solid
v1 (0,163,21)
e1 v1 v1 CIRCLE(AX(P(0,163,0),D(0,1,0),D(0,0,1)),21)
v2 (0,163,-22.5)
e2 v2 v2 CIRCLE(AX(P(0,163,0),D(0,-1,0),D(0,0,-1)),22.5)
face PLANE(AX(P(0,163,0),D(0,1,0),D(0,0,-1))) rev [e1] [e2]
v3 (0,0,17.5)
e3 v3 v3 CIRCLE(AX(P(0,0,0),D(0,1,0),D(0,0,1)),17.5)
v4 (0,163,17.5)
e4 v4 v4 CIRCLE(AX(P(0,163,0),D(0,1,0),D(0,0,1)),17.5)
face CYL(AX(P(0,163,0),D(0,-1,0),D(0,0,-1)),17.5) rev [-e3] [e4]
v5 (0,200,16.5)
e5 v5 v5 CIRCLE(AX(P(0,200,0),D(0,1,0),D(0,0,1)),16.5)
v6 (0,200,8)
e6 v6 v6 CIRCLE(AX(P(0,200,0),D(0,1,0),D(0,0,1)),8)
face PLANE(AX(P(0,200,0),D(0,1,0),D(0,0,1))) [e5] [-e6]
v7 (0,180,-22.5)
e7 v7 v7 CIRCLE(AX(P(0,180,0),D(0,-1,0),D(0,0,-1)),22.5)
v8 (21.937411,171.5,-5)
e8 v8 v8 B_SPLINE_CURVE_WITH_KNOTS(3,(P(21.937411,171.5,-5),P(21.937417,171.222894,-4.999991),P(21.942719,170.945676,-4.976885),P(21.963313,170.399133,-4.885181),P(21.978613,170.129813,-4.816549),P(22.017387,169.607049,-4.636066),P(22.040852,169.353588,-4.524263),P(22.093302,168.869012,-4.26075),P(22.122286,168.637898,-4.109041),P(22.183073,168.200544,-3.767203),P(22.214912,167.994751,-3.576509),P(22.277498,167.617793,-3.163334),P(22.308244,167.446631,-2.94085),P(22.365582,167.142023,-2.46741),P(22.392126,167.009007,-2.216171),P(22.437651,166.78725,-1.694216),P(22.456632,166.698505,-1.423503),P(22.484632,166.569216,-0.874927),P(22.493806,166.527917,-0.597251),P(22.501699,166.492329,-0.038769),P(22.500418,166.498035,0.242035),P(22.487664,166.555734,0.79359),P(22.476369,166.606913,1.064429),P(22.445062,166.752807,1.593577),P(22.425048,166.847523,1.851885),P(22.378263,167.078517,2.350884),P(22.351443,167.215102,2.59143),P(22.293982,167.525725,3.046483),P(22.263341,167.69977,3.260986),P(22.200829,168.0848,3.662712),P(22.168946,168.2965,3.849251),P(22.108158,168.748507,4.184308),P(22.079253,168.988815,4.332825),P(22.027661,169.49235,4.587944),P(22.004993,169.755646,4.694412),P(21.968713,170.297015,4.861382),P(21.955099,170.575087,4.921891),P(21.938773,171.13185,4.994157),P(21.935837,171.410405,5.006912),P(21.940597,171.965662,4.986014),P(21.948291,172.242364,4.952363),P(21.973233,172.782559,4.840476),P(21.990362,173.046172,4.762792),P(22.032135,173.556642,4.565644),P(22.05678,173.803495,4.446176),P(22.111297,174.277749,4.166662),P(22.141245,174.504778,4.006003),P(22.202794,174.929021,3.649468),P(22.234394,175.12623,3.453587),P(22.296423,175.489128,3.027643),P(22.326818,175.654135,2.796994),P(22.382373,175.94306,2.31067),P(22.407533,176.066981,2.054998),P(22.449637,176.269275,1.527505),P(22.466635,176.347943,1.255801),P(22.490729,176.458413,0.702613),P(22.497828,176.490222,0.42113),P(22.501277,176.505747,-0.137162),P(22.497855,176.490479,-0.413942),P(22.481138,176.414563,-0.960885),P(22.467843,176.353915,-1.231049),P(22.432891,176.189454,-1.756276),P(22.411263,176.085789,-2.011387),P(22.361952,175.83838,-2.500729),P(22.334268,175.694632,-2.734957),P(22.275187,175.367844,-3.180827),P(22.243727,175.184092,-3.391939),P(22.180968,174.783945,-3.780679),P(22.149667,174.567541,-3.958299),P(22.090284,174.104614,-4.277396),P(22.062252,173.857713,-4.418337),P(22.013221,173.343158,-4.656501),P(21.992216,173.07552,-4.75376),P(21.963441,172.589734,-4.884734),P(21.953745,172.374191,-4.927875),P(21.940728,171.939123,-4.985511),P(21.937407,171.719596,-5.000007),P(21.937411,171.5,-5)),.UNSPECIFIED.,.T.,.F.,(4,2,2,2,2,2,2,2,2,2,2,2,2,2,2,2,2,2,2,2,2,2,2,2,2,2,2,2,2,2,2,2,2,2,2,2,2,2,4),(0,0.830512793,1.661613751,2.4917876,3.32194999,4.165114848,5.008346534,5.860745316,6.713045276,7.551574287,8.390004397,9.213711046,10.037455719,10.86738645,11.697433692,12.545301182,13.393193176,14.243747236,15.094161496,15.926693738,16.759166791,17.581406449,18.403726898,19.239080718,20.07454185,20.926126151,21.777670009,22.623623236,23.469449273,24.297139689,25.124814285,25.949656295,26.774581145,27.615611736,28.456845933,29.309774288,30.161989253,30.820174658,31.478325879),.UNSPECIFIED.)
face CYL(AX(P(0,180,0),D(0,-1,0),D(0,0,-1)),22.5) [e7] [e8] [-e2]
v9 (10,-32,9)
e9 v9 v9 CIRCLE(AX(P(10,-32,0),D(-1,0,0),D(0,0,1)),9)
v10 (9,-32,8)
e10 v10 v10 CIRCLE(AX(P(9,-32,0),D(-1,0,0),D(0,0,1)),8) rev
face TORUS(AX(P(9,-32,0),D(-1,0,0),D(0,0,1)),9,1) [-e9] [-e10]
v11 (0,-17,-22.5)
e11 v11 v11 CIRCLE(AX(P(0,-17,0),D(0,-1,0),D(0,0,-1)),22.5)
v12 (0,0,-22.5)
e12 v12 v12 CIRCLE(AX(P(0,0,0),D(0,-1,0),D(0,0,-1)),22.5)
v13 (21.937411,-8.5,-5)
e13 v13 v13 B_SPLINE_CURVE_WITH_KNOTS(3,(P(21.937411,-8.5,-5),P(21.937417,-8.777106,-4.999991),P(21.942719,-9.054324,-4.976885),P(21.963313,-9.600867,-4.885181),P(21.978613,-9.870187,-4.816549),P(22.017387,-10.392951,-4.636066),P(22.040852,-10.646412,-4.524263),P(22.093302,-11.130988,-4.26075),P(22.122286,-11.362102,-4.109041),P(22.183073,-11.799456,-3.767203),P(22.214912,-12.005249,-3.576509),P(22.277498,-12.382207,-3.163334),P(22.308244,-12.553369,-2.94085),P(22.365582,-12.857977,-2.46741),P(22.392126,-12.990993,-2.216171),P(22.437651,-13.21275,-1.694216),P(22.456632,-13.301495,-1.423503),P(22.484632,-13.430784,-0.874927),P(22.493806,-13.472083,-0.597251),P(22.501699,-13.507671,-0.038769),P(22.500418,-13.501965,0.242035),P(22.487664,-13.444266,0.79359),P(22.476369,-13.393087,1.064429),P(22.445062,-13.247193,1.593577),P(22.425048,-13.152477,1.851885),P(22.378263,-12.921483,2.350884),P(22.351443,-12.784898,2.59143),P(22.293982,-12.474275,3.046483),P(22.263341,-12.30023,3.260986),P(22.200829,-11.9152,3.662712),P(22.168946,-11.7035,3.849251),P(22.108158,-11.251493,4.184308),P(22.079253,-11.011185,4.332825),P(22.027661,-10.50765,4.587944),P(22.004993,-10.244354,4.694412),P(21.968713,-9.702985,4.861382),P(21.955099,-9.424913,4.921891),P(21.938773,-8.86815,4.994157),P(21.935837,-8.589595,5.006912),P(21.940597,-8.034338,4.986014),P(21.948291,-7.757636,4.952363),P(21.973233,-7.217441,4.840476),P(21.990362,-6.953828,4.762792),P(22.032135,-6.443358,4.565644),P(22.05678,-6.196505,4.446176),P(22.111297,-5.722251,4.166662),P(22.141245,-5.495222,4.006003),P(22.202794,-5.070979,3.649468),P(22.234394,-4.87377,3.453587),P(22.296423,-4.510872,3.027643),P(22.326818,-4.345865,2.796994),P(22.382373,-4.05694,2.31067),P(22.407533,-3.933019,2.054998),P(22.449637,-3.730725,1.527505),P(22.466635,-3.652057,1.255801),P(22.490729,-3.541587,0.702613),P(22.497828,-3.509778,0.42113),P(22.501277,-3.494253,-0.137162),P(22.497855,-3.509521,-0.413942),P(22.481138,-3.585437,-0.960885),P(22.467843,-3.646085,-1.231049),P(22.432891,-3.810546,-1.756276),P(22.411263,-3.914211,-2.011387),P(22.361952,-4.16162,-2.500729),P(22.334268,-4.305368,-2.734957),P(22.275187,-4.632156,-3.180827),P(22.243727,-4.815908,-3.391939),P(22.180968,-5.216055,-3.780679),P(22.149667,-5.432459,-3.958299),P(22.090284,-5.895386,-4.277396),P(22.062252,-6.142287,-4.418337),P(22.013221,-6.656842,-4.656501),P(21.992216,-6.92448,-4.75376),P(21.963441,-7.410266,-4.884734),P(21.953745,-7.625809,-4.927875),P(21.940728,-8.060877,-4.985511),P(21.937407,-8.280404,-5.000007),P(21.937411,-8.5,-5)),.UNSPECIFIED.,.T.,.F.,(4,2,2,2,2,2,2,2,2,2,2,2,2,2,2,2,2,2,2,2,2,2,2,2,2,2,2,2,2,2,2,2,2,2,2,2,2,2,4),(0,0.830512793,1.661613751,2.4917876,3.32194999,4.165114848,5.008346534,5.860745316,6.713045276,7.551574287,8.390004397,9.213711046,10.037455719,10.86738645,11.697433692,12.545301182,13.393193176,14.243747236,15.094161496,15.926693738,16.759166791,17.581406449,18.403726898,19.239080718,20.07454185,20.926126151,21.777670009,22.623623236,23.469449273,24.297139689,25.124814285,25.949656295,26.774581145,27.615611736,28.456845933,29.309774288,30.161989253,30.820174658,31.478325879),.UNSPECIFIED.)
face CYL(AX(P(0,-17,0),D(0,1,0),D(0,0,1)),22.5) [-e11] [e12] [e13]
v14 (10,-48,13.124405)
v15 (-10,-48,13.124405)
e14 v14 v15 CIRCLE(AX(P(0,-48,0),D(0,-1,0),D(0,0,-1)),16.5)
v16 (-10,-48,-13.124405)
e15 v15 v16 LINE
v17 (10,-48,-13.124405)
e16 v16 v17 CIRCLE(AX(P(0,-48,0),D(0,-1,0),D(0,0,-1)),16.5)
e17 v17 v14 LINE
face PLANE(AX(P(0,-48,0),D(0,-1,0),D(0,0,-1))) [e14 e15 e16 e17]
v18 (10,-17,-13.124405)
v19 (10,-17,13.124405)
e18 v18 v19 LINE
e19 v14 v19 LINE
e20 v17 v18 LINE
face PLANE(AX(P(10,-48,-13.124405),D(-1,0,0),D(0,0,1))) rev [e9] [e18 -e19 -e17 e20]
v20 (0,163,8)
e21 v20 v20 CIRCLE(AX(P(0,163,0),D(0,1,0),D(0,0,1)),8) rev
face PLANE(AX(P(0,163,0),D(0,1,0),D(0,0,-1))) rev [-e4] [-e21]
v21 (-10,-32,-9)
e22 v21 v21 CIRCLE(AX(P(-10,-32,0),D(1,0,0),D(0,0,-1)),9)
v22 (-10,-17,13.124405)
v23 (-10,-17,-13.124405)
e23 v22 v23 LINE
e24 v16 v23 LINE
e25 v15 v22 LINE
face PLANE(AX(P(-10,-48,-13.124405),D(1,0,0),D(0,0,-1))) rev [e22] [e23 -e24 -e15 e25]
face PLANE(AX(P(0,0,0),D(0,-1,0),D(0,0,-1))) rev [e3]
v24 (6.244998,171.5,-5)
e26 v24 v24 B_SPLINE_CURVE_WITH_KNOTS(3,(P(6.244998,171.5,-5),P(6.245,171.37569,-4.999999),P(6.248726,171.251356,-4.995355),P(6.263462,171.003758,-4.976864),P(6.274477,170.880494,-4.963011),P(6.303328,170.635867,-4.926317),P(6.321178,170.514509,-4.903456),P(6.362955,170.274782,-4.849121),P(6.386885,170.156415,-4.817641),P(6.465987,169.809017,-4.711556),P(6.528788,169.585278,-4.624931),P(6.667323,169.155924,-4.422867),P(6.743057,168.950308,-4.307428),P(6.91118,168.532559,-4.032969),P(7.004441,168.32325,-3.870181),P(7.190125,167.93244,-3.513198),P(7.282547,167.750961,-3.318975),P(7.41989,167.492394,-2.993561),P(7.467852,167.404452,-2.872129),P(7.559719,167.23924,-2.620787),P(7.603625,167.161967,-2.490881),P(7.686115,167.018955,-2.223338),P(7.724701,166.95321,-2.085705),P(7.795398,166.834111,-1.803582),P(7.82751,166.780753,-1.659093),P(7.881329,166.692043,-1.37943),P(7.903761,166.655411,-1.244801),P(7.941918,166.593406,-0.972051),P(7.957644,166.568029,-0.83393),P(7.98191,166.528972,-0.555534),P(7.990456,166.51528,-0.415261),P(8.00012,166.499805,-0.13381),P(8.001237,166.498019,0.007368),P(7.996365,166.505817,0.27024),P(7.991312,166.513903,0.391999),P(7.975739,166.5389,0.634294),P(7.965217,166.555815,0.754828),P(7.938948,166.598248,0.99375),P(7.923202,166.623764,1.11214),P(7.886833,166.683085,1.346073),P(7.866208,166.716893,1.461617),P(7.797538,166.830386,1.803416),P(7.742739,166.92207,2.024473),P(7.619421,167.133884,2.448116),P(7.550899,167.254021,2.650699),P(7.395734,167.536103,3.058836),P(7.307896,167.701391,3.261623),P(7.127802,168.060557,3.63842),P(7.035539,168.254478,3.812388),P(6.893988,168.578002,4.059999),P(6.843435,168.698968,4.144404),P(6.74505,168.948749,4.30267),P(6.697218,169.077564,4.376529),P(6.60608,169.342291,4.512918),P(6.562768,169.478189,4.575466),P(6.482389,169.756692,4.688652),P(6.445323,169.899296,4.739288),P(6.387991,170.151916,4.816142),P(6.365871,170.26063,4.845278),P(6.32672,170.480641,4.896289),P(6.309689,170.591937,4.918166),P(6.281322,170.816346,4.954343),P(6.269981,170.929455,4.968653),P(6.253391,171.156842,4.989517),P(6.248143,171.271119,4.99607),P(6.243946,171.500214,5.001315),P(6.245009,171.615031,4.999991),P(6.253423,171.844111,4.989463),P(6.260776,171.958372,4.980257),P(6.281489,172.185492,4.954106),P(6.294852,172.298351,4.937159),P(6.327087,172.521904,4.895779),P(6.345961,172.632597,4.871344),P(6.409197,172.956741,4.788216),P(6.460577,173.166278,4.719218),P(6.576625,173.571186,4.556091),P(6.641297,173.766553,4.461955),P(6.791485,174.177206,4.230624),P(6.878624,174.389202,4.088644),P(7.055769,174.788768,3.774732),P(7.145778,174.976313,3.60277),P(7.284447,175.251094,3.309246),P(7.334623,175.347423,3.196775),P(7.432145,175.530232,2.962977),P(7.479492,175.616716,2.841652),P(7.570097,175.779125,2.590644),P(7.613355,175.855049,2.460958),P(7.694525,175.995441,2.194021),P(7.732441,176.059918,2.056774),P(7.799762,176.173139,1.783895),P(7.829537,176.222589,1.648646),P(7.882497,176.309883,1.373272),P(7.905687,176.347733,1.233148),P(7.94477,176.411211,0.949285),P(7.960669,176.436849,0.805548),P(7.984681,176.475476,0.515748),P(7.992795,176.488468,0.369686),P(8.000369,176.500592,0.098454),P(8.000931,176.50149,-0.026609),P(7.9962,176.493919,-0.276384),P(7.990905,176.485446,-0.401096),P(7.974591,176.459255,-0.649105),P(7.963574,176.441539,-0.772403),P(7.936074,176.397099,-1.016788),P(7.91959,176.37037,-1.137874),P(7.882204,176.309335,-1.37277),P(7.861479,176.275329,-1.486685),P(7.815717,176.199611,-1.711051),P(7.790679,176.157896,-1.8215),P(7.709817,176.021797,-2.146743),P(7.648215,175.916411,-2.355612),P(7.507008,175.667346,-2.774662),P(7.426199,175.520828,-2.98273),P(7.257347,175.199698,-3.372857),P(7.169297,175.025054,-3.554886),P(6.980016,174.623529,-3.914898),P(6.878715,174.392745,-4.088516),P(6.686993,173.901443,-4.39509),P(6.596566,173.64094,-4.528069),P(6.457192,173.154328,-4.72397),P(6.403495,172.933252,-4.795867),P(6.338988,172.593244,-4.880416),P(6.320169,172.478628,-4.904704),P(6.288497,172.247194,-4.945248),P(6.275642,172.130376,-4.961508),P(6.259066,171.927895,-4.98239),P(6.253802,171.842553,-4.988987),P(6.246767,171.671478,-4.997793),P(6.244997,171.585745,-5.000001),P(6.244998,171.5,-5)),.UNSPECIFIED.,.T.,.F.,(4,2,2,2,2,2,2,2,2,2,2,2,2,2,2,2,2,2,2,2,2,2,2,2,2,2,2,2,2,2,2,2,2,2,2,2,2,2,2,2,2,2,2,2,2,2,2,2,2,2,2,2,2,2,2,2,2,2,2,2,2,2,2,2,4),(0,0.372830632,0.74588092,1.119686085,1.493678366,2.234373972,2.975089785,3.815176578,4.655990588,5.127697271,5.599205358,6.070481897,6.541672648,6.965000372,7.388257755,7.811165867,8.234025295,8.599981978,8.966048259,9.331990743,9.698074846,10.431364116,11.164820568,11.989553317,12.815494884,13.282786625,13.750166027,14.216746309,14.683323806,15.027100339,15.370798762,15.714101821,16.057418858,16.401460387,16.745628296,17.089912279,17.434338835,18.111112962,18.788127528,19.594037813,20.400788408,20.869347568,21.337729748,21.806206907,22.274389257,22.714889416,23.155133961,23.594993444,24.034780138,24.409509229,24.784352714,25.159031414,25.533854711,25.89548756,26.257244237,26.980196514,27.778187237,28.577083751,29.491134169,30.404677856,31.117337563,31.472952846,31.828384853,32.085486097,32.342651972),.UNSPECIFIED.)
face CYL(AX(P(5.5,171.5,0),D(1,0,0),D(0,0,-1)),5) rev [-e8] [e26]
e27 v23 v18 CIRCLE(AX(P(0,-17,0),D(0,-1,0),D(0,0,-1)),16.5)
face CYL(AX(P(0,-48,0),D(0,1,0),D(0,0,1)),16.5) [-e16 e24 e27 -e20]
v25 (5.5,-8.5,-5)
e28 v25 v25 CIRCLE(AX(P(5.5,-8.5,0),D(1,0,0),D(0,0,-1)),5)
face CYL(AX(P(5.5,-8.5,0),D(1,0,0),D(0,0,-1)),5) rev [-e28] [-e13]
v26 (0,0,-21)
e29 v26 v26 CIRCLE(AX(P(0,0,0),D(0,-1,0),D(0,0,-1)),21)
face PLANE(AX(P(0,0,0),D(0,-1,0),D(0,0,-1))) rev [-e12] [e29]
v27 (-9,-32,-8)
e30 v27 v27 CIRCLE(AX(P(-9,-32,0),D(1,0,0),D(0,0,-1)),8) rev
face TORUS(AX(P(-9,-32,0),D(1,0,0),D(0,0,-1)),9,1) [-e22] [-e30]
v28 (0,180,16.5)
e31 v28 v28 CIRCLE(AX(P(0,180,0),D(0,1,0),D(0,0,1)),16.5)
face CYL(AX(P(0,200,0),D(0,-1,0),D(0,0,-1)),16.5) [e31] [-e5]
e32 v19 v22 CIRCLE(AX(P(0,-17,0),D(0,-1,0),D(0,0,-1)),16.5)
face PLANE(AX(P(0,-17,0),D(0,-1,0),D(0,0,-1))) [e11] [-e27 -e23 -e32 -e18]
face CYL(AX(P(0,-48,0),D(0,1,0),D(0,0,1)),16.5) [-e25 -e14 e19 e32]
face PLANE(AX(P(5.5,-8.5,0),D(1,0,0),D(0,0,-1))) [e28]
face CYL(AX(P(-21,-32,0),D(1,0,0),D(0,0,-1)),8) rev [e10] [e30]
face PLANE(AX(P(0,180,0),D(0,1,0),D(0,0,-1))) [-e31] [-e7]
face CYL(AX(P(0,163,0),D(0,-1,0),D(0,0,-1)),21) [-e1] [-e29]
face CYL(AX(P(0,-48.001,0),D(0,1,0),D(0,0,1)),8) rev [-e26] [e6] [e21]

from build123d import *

# Parameters (mm, degrees)
SKETCH_1_R          = 21
SKETCH_1_R_2        = 17.5
EXTRUDE_1_DEPTH     = 163
SKETCH_2_R          = 22.5
EXTRUDE_2_DEPTH     = 17
SKETCH_4_R          = 5
CUT_EXTRUDE_3_DEPTH = 17
EXTRUDE_4_DEPTH     = 31
SKETCH_6_R          = 8
CUT_EXTRUDE_5_DEPTH = 31
FILLET_1_R          = 1
EXTRUDE_START       = 20
SKETCH_7_R          = 16.5
EXTRUDE_6_DEPTH     = 20
CUT_EXTRUDE_9_REACH = 252.033
SKETCH_8_R          = 8


with BuildPart() as part:
    # 草图1 → 拉伸1 (new body)
    with BuildSketch(Plane(origin=(0, 0, 0), x_dir=(1, 0, 0), z_dir=(0, 1, 0))):
        with Locations(Location((0, 0, 0), (0, 0, 270))):
            Circle(SKETCH_1_R)
        with Locations(Location((0, 0, 0), (0, 0, 270))):
            Circle(SKETCH_1_R_2, mode=Mode.SUBTRACT)
    extrude(amount=EXTRUDE_1_DEPTH)

    # 草图2 → 拉伸2 (add)
    with BuildSketch(Plane.XZ):
        with Locations(Location((0, 0, 0), (0, 0, 270))):
            Circle(SKETCH_2_R)
    extrude_2 = extrude(amount=EXTRUDE_2_DEPTH)

    # 草图4 → 拉伸3 (cut)
    with BuildSketch(Plane(origin=(22.5, 0, 0), x_dir=(0, 0, -1), z_dir=(1, 0, 0))):
        with Locations((0, -8.5)):
            Circle(SKETCH_4_R)
    cut_extrude_3 = extrude(amount=-CUT_EXTRUDE_3_DEPTH, mode=Mode.SUBTRACT)

    # 镜向1: 拉伸2, 拉伸3 across plane
    add(extrude_2.mirror(Plane.ZX.offset(81.5)))
    add(cut_extrude_3.mirror(Plane.ZX.offset(81.5)), mode=Mode.SUBTRACT)

    # 草图5 → 拉伸4 (add)
    with BuildSketch(Plane.XZ.offset(17)):
        with BuildLine():
            Line((10, -13.124404748), (10, 13.124404748))
            ThreePointArc((10, 13.124404748), (0, 16.5), (-10, 13.124404748))
            Line((-10, 13.124404748), (-10, -13.124404748))
            ThreePointArc((-10, -13.124404748), (0, -16.5), (10, -13.124404748))
        make_face()
    extrude(amount=EXTRUDE_4_DEPTH)

    # 草图6 → 拉伸5 (cut)
    with BuildSketch(Plane(origin=(10, 0, 0), x_dir=(0, 0, -1), z_dir=(1, 0, 0))):
        with Locations((0, -32)):
            Circle(SKETCH_6_R)
    extrude(amount=-CUT_EXTRUDE_5_DEPTH, mode=Mode.SUBTRACT)

    # 圆角1
    fillet_1_edges = [part.edges().sort_by_distance(p)[0] for p in [
        (-10, -32, 8),
        (10, -32, 8),
    ]]
    fillet(fillet_1_edges, radius=FILLET_1_R)

    # 草图7 → 拉伸6 (add)
    with BuildSketch(Plane(origin=(0, 180, 0), x_dir=(1, 0, 0), z_dir=(0, 1, 0)).offset(EXTRUDE_START)):
        with Locations(Location((0, 0, 0), (0, 0, 270))):
            Circle(SKETCH_7_R)
    extrude(amount=-EXTRUDE_6_DEPTH)

    # 草图8 → 拉伸9 (cut, up to next)
    with BuildSketch(Plane(origin=(0, 200, 0), x_dir=(1, 0, 0), z_dir=(0, 1, 0)), mode=Mode.PRIVATE) as cut_extrude_9_sk1:
        with Locations(Location((0, 0, 0), (0, 0, 270))):
            Circle(SKETCH_8_R)
    cut_extrude_9_tool1 = extrude(cut_extrude_9_sk1.sketch, amount=-CUT_EXTRUDE_9_REACH, mode=Mode.PRIVATE) & part.part
    add(cut_extrude_9_tool1.solids().sort_by_distance((0, 200, 0))[0], mode=Mode.SUBTRACT)


solid = part.part
